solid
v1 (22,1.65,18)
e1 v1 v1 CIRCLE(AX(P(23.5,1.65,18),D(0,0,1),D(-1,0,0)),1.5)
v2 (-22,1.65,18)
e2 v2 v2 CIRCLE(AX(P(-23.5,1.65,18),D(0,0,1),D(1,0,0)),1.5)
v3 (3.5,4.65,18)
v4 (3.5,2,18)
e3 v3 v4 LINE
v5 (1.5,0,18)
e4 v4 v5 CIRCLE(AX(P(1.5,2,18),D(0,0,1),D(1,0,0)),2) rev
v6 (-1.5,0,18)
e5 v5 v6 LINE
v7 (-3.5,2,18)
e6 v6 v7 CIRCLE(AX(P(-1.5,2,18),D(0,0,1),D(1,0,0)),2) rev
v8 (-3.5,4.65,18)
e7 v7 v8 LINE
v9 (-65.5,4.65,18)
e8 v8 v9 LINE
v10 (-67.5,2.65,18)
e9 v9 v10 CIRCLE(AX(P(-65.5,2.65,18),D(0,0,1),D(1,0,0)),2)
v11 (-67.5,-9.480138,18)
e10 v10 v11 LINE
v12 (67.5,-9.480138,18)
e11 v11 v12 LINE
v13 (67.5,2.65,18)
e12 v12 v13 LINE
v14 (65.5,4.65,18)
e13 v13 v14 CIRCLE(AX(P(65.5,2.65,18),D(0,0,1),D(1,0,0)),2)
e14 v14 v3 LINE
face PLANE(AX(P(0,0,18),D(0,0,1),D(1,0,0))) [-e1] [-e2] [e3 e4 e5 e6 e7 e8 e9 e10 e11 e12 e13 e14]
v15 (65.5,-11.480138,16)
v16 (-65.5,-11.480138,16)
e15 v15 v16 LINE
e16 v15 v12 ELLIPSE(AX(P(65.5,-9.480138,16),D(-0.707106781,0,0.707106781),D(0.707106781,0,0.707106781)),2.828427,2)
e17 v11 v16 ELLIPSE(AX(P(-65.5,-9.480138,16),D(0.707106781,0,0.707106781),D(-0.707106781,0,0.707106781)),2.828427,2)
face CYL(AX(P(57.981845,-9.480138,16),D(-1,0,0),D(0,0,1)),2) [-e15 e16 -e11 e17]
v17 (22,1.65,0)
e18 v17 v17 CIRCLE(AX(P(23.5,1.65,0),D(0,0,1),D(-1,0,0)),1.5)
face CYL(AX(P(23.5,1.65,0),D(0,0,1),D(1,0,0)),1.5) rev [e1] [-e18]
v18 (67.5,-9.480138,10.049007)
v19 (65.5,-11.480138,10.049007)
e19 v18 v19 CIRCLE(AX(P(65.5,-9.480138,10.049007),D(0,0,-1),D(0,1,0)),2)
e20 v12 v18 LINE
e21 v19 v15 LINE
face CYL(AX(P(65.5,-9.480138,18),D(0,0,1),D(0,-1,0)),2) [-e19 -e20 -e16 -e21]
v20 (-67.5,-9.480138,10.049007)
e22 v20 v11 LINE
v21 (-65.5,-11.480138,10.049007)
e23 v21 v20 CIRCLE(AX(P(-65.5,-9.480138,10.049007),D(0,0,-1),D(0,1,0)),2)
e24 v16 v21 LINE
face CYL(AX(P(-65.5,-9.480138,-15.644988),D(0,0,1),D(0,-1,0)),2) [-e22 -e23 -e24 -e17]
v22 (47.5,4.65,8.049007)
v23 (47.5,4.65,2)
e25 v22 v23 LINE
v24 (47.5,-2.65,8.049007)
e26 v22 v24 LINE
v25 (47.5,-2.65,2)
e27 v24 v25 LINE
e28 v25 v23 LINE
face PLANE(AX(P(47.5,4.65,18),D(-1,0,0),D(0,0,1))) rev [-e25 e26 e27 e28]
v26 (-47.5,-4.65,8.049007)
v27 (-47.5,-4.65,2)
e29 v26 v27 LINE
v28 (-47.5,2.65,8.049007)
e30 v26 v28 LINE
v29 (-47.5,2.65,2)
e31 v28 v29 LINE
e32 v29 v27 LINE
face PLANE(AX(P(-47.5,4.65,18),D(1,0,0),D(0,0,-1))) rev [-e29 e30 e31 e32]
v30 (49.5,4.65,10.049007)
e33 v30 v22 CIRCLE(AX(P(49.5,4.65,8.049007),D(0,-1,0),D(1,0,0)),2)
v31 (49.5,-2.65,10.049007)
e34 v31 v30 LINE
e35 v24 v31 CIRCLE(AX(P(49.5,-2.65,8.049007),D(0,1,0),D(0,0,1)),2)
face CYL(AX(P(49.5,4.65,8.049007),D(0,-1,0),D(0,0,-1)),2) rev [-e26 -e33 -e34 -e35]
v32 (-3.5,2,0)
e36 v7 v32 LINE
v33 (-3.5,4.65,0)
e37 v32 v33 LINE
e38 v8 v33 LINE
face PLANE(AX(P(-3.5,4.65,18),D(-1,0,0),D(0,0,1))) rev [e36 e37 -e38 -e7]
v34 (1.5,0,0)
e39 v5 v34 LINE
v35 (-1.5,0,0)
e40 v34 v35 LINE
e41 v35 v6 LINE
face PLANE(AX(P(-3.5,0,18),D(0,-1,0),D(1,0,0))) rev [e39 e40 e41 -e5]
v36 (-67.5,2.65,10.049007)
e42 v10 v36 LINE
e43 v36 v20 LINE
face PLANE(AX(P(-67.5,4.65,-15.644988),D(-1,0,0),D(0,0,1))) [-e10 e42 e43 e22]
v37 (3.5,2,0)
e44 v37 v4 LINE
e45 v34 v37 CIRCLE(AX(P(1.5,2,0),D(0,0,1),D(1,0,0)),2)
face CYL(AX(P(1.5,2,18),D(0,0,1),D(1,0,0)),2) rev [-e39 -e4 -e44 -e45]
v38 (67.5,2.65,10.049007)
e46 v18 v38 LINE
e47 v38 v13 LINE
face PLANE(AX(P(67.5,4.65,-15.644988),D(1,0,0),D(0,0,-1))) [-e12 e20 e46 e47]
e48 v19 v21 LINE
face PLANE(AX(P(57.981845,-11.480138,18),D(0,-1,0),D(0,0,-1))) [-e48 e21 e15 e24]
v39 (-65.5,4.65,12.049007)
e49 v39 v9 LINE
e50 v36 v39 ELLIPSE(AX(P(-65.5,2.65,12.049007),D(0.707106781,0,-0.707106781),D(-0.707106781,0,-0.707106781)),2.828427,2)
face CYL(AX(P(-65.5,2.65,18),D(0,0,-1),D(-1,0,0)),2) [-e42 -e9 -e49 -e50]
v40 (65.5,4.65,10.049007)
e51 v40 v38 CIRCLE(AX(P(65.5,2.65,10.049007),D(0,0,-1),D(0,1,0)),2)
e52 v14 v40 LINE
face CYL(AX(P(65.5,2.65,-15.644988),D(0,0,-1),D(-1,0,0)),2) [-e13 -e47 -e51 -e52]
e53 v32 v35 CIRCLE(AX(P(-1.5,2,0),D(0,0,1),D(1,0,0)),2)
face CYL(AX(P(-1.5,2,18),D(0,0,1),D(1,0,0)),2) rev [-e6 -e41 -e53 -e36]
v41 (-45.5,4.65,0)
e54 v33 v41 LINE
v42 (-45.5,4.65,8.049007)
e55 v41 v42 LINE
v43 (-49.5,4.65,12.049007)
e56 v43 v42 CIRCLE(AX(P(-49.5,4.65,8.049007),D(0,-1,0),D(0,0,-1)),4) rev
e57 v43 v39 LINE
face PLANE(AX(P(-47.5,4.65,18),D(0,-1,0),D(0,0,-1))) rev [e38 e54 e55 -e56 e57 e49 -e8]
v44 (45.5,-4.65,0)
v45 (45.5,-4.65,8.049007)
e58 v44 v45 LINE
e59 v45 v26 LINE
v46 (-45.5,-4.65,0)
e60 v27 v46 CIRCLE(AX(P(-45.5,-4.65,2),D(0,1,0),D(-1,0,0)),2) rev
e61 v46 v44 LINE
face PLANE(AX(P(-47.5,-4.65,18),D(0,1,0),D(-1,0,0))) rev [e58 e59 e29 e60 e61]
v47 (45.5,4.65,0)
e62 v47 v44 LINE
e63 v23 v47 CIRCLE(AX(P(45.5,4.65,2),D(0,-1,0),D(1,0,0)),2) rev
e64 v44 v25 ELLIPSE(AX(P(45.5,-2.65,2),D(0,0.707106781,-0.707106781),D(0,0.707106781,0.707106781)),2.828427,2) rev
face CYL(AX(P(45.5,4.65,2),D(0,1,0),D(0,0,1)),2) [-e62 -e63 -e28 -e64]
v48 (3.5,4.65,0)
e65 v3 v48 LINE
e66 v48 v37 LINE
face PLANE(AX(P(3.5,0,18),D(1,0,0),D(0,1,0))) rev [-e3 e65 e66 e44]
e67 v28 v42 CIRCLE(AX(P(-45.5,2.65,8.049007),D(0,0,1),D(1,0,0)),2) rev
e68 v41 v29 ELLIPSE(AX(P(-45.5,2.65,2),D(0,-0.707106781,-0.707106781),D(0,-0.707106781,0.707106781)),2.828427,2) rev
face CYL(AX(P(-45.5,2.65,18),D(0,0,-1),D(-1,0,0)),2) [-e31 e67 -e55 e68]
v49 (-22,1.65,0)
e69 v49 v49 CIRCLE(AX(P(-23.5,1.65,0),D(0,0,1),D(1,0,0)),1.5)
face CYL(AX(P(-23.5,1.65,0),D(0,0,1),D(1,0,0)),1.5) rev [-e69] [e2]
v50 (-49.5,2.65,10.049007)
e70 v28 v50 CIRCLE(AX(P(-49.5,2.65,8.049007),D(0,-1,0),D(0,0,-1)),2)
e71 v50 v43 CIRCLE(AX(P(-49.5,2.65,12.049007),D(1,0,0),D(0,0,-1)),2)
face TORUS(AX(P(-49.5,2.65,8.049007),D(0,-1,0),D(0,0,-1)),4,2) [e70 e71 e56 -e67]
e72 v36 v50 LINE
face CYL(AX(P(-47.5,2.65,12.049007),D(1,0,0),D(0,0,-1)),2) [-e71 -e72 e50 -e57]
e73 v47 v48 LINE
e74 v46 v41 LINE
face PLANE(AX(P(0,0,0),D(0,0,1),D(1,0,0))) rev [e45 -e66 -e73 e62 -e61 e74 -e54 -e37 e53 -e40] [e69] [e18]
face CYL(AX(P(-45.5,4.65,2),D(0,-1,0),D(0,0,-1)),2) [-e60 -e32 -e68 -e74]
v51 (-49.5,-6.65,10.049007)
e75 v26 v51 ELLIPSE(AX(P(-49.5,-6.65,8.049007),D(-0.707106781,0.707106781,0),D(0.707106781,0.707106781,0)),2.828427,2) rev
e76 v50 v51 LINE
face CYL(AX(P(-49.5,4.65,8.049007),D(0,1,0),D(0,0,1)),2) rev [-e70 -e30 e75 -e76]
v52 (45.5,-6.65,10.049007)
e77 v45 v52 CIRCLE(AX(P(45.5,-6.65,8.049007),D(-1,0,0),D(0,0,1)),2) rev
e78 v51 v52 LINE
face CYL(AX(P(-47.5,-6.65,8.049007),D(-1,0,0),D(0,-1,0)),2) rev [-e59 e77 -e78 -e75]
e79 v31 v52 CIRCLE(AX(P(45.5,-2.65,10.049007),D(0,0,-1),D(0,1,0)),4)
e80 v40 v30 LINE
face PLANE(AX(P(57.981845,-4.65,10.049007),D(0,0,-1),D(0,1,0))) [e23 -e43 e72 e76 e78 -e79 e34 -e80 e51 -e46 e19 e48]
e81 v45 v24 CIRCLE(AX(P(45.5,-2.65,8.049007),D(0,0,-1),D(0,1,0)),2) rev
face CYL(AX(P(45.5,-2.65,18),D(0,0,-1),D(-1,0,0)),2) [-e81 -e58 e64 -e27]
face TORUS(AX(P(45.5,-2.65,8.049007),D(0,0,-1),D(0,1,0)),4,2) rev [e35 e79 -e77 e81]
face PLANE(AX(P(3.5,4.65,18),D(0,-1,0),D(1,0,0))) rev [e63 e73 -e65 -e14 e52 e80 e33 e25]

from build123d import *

# Parameters (mm, degrees)
BOSS_EXTRU_1_DEPTH      = 18
ESQUISSE2_R             = 1.5
ENL_V_MAT_EXTRU_1_DEPTH = 52.008553204
ESQUISSE3_W             = 7.950993182
ESQUISSE3_H             = 6.830138408
BOSS_EXTRU_2_DEPTH      = 95
ESQUISSE4_W             = 20
ESQUISSE4_H             = 16.130138408
BOSS_EXTRU_3_DEPTH      = 7.950993182
CONG_1_R                = 2


with BuildPart() as part:
    # Esquisse1 → Boss.-Extru.1 (new body)
    with BuildSketch(Plane.XY):
        Polygon((-47.5, 4.65), (-3.5, 4.65), (-3.5, 0), (3.5, 0), (3.5, 4.65), (47.5, 4.65), (47.5, -4.65), (-47.5, -4.65), align=None)
    extrude(amount=BOSS_EXTRU_1_DEPTH)

    # Esquisse2 → Enlèv. mat.-Extru.1 (cut, through all)
    with BuildSketch(Plane.XY.offset(18)):
        with Locations((-23.5, 1.65)):
            Circle(ESQUISSE2_R)
        with Locations(Location((23.5, 1.65, 0), (0, 0, 180))):
            Circle(ESQUISSE2_R)
    extrude(amount=-ENL_V_MAT_EXTRU_1_DEPTH, mode=Mode.SUBTRACT)

    # Esquisse3 → Boss.-Extru.2 (add)
    with BuildSketch(Plane.ZY.offset(47.5)):
        with Locations((14.024503409, -8.065069204)):
            Rectangle(ESQUISSE3_W, ESQUISSE3_H)
    extrude(amount=-BOSS_EXTRU_2_DEPTH)

    # Esquisse4 → Boss.-Extru.3 (add)
    with BuildSketch(Plane.XY.offset(18)):
        with Locations((-57.5, -3.415069204)):
            Rectangle(ESQUISSE4_W, ESQUISSE4_H)
        with Locations((57.5, -3.415069204)):
            Rectangle(ESQUISSE4_W, ESQUISSE4_H)
    extrude(amount=-BOSS_EXTRU_3_DEPTH)

    # Congé1
    cong_1_edges = [part.edges().sort_by_distance(p)[0] for p in [
        (-47.5, 4.65, 5.024503409),
        (0, -4.65, 10.049006818),
        (0, -11.480138408, 18),
        (-3.5, 0, 9),
        (3.5, 0, 9),
        (-57.5, 4.65, 10.049006818),
        (47.5, -4.65, 5.024503409),
        (47.5, 0, 0),
        (-47.5, 0, 0),
        (47.5, 0, 10.049006818),
        (-47.5, 0, 10.049006818),
        (67.5, 4.65, 14.024503409),
        (67.5, -11.480138408, 14.024503409),
        (-67.5, 4.65, 14.024503409),
        (-67.5, -11.480138408, 14.024503409),
    ]]
    fillet(cong_1_edges, radius=CONG_1_R)


solid = part.part
